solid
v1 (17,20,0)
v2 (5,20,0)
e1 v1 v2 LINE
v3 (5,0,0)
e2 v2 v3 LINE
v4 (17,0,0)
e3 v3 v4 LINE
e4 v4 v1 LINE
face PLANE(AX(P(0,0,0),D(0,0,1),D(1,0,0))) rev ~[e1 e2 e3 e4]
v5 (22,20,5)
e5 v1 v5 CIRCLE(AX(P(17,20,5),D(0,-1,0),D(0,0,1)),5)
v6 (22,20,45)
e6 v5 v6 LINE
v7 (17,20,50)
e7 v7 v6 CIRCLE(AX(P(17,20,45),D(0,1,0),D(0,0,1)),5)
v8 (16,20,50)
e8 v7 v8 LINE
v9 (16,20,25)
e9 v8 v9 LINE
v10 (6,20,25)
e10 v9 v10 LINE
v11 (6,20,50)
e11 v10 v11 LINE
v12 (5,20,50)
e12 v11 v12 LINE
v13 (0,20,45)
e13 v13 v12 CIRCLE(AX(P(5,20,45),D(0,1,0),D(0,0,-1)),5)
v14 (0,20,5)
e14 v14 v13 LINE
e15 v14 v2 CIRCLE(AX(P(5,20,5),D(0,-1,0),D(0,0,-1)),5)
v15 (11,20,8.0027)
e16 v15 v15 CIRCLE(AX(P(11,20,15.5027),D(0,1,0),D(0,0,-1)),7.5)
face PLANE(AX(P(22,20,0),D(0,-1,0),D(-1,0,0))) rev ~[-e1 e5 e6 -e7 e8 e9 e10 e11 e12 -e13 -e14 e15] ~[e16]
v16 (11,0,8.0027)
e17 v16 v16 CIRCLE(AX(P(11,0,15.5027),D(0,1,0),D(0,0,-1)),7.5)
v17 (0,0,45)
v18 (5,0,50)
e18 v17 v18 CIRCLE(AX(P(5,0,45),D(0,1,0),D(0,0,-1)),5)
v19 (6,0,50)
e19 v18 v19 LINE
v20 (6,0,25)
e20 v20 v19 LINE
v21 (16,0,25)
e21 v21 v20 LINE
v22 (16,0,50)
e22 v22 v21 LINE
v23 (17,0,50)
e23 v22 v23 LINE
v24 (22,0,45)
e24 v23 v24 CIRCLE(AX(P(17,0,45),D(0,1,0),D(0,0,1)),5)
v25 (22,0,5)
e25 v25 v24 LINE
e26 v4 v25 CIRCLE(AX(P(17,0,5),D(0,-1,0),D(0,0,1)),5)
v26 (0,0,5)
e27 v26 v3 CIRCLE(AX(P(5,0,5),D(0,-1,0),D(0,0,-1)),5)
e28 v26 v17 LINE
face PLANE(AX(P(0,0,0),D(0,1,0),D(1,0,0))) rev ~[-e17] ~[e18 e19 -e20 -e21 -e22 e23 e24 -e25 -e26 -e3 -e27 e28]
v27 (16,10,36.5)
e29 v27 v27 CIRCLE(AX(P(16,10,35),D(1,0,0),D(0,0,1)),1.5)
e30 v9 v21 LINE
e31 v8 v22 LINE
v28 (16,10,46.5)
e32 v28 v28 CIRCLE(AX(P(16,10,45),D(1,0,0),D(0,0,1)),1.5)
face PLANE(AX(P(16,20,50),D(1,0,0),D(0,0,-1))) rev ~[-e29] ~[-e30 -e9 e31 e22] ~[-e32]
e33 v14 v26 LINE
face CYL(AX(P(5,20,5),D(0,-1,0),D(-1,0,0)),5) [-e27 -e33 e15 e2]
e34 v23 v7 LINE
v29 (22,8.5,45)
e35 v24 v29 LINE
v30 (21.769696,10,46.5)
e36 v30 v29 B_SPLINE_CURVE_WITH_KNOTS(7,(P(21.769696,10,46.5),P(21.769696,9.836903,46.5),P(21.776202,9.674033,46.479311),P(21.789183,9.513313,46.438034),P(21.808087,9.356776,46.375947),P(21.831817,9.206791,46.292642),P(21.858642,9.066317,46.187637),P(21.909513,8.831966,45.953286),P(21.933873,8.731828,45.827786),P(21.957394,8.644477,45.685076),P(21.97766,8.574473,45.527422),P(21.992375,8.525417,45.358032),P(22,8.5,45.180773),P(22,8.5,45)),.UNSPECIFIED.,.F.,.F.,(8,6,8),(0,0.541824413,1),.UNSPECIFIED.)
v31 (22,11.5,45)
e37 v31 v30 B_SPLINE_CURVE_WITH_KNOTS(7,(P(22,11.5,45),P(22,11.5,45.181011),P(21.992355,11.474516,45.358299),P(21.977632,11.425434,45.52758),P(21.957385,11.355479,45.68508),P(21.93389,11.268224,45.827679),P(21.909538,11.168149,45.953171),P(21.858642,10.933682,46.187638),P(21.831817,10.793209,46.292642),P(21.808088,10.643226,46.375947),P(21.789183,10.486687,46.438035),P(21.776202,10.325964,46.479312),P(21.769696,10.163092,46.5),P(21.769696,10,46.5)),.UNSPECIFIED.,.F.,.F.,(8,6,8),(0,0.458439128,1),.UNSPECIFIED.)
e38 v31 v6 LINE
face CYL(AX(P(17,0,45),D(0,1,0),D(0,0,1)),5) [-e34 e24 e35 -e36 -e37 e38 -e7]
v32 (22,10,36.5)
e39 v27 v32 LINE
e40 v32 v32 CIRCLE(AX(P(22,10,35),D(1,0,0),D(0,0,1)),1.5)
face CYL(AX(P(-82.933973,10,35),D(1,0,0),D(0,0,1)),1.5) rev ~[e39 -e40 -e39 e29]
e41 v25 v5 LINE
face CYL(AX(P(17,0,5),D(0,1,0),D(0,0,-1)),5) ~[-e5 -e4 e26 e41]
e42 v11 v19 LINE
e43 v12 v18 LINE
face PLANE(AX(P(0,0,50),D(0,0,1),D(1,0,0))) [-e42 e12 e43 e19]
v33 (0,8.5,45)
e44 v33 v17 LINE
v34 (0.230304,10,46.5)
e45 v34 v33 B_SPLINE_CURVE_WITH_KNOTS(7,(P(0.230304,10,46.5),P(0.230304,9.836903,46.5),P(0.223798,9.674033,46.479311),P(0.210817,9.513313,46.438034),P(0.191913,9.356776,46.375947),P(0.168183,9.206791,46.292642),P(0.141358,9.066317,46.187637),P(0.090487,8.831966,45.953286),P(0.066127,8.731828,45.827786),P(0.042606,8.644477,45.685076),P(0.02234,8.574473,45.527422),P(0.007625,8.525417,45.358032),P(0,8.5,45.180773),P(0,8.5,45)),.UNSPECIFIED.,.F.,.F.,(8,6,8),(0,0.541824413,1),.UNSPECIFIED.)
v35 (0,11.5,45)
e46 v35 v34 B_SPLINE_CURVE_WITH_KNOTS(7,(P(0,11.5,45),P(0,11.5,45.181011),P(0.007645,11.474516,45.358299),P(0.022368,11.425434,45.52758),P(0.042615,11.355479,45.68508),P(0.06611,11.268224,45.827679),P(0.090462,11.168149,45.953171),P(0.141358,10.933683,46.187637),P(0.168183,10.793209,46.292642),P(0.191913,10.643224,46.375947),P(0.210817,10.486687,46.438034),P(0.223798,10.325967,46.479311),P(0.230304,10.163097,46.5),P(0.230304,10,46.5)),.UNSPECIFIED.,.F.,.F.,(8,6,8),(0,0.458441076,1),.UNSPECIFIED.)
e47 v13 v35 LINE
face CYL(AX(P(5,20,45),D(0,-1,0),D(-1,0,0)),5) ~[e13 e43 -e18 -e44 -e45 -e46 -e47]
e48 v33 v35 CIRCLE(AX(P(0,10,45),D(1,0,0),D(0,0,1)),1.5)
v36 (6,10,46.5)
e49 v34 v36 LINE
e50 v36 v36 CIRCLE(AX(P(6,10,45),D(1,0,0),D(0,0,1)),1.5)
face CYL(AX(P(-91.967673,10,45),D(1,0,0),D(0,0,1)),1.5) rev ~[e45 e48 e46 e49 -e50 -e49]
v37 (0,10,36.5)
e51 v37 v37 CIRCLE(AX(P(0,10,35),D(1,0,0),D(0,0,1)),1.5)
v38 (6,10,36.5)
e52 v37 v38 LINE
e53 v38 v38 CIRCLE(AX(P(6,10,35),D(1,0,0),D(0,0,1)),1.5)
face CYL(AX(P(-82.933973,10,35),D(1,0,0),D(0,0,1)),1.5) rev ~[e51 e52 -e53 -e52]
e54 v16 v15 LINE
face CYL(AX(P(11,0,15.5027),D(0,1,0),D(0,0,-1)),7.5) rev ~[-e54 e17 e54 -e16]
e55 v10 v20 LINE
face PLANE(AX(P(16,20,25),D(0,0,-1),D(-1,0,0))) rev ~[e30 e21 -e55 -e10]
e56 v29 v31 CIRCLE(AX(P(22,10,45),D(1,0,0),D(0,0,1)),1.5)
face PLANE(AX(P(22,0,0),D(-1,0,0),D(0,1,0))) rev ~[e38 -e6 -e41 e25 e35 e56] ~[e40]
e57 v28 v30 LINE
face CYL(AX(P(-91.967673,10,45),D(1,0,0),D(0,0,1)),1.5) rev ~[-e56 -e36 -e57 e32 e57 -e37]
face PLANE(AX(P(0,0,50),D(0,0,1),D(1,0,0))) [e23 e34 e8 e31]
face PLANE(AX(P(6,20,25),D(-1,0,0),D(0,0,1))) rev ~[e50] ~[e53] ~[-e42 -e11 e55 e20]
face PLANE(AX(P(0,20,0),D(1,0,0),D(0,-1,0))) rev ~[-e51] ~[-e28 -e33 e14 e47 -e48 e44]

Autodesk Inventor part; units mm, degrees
ref_plane "YZ Plane" through (0, 0, 0) normal (1, 0, 0) x (0, 1, 0)
ref_plane "XZ Plane" through (0, 0, 0) normal (0, 1, 0) x (-1, 0, 0)
ref_plane "XY Plane" through (0, 0, 0) normal (0, 0, 1) x (1, 0, 0)
sketch "Esboço1" plane through (0, 0, 0) normal (0, 0, 1) x (1, 0, 0)
  line L0 (0, 0) -> (22, 0)
  line L1 (22, 0) -> (22, 20)
  line L2 (22, 20) -> (0, 20)
  line L3 (0, 20) -> (0, 0)
  dimension "d0" = 22
  dimension "d1" = 20
extrude "Extrusão1" add sketch "Esboço1" along normal blind 50
sketch "Esboço2" plane through (0, 0, 0) normal (0, -1, 0) x (1, 0, 0)
  line L0 (0, 0) -> (0, 50) projected
  line L1 (22, 50) -> (0, 50) projected
  point P0 (11, 15.5027)
  dimension "d20" = 11
  dimension "d35" = 34.4973
hole "Furo1" at (11, 0, 15.5027) direction (0, 1, 0) diameter 15 end through all
fillet "Arredondamento1" radius 5 4 edges at (22, 10, 0) (0, 10, 0) (0, 10, 50) (22, 10, 50)
sketch "Esboço4" plane through (5, 20, 0) normal (0, 1, 0) x (1, 0, 0)
  line L0 (12, -50) -> (0, -50) projected
  line L1 (6, -50) -> (6, -25)
  line L2 (1, -50) -> (11, -50)
  line L3 (11, -50) -> (11, -25)
  line L4 (11, -25) -> (1, -25)
  line L5 (1, -25) -> (1, -50)
  line L6 (1, -50) -> (11, -25) construction
  line L7 (11, -50) -> (1, -25) construction
  point P0 (-5, 0)
  point P1 (6, -37.5)
  dimension "d22" = 25
  dimension "d23" = 10
extrude "Extrusão2" cut sketch "Esboço4" against normal through all
sketch "Esboço5" plane through (16, 20, 25) normal (-1, 0, 0) x (0, 0, 1)
  line L0 (25, -20) -> (25, 0) projected
  point P0 (-25, -20)
  point P1 (20, -10)
  point P2 (10, -10)
  dimension "d33" = 5
  dimension "d34" = 10
hole "Furo3" at (16, 10, 45) at (16, 10, 35) direction (1, 0, 0) diameter 3 end through all both
properties part number "Base 1 LMU8_3DPrint"
